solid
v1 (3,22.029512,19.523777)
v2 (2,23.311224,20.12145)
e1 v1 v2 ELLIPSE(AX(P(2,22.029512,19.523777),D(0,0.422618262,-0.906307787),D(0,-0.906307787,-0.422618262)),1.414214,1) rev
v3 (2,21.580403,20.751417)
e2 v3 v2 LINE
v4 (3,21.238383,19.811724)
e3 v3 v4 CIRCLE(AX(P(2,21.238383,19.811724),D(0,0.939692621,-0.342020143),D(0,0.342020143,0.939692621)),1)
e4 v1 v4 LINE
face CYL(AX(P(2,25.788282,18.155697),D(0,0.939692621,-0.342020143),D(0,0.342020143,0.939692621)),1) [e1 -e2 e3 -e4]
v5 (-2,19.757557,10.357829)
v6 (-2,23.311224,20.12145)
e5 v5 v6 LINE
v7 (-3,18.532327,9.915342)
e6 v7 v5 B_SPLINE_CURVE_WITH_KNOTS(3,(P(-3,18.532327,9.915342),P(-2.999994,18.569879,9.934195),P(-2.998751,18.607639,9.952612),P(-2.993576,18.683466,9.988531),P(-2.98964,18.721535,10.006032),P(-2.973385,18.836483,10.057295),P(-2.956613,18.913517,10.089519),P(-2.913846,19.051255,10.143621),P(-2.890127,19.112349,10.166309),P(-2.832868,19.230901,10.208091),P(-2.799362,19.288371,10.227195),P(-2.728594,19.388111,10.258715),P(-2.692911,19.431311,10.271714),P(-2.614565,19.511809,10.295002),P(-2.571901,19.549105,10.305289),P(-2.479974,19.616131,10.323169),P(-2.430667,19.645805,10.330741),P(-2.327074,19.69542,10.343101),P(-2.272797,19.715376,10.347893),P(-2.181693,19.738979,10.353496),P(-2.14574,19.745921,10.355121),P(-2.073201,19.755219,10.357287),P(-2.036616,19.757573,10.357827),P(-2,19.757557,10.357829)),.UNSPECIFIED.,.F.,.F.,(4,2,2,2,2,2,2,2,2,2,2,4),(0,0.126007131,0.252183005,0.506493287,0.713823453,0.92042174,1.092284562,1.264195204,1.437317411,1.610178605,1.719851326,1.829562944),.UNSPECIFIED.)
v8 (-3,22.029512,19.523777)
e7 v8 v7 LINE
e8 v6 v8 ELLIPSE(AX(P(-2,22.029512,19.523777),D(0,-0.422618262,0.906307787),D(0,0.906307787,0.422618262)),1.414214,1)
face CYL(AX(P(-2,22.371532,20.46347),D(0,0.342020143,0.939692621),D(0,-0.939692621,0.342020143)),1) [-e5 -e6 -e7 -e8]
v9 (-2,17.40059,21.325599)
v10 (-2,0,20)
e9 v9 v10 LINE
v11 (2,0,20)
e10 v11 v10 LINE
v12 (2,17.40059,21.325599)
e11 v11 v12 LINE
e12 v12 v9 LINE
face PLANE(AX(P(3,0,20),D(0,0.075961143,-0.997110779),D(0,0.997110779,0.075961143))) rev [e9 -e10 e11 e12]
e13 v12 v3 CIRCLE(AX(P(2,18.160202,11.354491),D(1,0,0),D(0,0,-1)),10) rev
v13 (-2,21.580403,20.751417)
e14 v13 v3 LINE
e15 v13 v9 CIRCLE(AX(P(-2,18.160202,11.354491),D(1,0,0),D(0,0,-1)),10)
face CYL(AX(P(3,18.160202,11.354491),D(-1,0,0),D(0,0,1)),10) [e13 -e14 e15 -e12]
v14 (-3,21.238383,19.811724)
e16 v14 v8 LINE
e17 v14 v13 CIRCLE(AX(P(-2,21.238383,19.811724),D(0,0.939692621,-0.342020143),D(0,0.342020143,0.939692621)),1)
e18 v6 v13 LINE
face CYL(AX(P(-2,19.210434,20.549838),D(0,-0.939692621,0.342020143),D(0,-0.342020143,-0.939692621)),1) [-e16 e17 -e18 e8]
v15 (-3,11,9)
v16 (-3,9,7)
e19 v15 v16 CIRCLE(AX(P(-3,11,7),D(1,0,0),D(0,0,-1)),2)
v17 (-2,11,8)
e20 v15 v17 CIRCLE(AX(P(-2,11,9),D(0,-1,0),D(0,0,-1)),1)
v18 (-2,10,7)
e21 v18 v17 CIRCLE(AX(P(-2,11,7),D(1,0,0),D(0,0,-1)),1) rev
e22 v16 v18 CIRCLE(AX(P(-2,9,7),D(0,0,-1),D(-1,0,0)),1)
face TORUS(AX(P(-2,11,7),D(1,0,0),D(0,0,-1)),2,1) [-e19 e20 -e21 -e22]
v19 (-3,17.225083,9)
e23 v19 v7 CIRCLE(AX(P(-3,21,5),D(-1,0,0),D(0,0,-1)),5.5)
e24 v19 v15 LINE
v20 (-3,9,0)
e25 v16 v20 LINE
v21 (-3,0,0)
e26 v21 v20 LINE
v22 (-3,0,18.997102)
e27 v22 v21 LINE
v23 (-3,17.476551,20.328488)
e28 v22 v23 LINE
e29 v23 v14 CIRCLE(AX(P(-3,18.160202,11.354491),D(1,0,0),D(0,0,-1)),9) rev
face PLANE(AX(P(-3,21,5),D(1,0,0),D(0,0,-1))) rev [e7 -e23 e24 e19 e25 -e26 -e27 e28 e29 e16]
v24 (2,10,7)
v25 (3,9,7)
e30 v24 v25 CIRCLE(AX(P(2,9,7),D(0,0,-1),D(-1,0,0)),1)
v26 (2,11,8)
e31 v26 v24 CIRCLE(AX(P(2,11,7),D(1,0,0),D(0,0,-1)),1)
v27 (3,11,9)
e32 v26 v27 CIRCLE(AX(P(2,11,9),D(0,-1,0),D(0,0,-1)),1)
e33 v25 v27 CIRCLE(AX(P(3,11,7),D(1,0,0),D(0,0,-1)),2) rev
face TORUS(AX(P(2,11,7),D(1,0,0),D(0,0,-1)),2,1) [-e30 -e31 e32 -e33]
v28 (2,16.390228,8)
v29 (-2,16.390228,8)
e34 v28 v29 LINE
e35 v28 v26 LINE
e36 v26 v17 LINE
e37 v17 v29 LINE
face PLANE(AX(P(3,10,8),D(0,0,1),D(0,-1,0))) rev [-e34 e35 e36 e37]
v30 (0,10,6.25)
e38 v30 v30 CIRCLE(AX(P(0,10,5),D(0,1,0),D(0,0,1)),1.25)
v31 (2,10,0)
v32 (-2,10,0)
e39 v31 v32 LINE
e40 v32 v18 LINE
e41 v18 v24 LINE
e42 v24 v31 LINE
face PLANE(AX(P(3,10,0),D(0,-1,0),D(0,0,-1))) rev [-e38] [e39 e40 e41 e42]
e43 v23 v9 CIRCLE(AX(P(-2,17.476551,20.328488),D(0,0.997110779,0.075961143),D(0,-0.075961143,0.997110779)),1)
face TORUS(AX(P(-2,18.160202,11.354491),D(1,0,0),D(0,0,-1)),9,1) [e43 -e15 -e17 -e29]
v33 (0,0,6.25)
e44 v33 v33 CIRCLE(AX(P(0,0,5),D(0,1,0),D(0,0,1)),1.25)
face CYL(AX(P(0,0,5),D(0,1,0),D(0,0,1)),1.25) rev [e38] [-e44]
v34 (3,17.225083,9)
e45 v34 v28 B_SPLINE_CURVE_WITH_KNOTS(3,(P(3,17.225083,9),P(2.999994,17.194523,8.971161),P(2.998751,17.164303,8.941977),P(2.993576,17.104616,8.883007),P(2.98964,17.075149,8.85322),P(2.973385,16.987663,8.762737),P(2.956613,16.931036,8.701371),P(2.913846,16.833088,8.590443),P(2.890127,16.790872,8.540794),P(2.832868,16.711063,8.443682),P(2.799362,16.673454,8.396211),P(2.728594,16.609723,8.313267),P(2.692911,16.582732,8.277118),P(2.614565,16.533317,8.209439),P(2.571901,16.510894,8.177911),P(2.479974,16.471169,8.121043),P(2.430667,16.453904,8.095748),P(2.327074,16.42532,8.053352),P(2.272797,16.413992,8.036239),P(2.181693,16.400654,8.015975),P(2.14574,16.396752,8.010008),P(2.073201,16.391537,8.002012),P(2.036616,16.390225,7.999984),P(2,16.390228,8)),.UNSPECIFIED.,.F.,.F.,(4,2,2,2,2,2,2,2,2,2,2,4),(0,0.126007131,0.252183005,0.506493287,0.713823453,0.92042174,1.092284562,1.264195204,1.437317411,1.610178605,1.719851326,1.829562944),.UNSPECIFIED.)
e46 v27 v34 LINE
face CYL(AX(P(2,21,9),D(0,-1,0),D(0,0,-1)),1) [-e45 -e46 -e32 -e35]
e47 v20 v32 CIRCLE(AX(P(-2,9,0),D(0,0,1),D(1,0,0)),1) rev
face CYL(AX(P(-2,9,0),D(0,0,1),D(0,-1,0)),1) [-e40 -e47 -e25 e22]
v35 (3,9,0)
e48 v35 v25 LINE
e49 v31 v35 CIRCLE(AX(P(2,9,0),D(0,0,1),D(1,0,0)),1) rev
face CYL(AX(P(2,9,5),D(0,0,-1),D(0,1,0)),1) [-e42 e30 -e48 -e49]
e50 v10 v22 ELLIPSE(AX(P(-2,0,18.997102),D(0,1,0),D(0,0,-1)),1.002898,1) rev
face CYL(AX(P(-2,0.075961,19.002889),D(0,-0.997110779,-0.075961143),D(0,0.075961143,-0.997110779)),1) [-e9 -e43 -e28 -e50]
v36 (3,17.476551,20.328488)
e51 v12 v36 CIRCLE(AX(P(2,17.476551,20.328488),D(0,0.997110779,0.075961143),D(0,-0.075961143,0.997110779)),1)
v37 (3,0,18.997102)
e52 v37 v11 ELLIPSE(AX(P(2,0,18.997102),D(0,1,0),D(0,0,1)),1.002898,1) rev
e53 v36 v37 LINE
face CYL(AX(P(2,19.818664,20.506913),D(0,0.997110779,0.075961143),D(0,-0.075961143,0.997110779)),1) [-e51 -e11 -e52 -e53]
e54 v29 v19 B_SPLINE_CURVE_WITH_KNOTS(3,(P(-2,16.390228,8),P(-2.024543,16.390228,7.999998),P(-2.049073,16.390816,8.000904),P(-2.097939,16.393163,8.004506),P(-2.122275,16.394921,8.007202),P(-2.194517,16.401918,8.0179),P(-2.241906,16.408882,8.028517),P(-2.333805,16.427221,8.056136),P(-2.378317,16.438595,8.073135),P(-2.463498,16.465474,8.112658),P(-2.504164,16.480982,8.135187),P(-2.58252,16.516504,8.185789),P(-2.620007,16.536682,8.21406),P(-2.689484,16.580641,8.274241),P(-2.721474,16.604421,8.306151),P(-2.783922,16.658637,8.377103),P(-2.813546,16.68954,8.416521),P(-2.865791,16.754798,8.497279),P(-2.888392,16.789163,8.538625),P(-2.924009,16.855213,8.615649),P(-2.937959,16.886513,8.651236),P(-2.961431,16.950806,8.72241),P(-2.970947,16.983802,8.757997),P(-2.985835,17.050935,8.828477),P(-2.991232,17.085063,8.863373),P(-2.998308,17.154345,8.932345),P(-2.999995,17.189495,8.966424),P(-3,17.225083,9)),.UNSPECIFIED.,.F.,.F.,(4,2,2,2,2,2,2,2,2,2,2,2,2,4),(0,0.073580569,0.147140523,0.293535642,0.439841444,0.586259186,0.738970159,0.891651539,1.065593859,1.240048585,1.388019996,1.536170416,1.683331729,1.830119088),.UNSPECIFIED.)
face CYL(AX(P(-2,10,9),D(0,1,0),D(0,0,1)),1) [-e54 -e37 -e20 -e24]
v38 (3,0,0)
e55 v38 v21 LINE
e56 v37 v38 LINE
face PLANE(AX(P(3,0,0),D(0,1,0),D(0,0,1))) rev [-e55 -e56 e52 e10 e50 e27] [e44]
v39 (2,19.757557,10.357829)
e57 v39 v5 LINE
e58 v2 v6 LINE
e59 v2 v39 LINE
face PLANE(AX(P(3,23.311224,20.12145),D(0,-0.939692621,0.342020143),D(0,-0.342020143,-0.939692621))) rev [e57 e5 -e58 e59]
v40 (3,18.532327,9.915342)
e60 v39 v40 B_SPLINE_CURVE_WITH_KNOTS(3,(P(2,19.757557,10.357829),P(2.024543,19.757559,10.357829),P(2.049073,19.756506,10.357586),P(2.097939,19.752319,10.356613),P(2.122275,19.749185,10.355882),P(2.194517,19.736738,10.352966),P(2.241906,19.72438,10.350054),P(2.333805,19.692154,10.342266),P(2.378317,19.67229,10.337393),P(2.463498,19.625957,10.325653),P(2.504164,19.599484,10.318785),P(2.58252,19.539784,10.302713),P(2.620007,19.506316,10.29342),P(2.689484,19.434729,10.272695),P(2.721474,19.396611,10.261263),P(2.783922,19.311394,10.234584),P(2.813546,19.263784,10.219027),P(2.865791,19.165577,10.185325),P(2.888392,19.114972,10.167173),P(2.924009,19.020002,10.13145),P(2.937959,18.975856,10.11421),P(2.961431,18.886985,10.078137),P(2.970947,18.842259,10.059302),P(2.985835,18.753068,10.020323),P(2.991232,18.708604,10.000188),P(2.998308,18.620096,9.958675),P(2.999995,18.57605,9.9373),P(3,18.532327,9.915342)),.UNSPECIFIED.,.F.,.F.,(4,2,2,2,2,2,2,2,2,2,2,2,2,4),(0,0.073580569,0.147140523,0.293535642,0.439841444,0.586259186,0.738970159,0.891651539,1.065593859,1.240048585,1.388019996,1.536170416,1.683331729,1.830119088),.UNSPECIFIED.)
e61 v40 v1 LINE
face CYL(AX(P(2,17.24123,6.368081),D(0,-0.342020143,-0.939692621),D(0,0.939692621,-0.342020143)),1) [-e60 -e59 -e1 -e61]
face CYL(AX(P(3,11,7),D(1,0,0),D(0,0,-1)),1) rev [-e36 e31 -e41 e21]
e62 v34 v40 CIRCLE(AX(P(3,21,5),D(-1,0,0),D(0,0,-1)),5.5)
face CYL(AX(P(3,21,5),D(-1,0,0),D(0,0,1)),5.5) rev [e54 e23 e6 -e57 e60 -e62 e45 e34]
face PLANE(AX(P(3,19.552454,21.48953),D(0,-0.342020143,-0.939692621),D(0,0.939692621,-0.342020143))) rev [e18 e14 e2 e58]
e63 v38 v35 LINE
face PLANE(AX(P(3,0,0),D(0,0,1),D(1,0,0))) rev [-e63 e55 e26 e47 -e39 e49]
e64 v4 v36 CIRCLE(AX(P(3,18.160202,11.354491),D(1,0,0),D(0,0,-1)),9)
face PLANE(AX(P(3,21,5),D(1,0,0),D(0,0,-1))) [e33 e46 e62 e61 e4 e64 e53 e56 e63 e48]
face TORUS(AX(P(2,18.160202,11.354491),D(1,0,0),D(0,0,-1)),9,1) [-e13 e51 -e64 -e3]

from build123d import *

# Parameters (mm, degrees)
BOSS_EXTRU_1_DEPTH      = 3
CONG_1_R                = 10
CONG_2_R                = 1
CONG_3_R                = 1
ESQUISSE2_R             = 1.25
ENL_V_MAT_EXTRU_1_DEPTH = 26.341724021


with BuildPart() as part:
    # Esquisse1 → Boss.-Extru.1 (new, symmetric)
    with BuildSketch(Plane(origin=(0, 0, 0), x_dir=(0, 0, -1), z_dir=(1, 0, 0))):
        with BuildLine():
            Line((0, 0), (0, 10))
            Line((0, 10), (-8, 10))
            Line((-8, 10), (-8, 16.390227771))
            ThreePointArc((-8, 16.390227771), (-9.505336244, 17.8453296), (-10.357829377, 19.757557096))
            Line((-10.357829377, 19.757557096), (-20.121449742, 23.311224288))
            Line((-20.121449742, 23.311224288), (-21.489530315, 19.552453804))
            Line((-21.489530315, 19.552453804), (-20, 0))
            Line((-20, 0), (0, 0))
        make_face()
    extrude(amount=BOSS_EXTRU_1_DEPTH, both=True)

    # Congé1
    cong_1_edges = [part.edges().sort_by_distance(p)[0] for p in [
        (0, 19.552453804, 21.489530315),
    ]]
    fillet(cong_1_edges, radius=CONG_1_R)

    # Congé2
    cong_2_edges = [part.edges().sort_by_distance(p)[0] for p in [
        (0, 10, 8),
    ]]
    fillet(cong_2_edges, radius=CONG_2_R)

    # Congé3
    cong_3_edges = [part.edges().sort_by_distance(p)[0] for p in [
        (-3, 10, 3.5),
        (3, 21.534390692, 15.239639559),
        (3, 22.445813748, 20.436433419),
        (-3, 8.700295175, 20.662799337),
        (3, 8.700295175, 20.662799337),
        (-3, 19.521122757, 21.261452787),
        (3, 19.521122757, 21.261452787),
        (-3, 13.695113886, 8),
        (3, 13.695113886, 8),
        (-3, 10.292893219, 7.707106781),
        (3, 10.292893219, 7.707106781),
        (3, 10, 3.5),
        (-3, 22.445813748, 20.436433419),
        (-3, 21.534390692, 15.239639559),
    ]]
    fillet(cong_3_edges, radius=CONG_3_R)

    # Esquisse2 → Enlèv. mat.-Extru.1 (cut, through all)
    with BuildSketch(Plane(origin=(0, 10, 0), x_dir=(1, 0, 0), z_dir=(0, 1, 0))):
        with Locations(Location((0, -5, 0), (0, 0, 270))):
            Circle(ESQUISSE2_R)
    extrude(amount=-ENL_V_MAT_EXTRU_1_DEPTH, mode=Mode.SUBTRACT)


solid = part.part
